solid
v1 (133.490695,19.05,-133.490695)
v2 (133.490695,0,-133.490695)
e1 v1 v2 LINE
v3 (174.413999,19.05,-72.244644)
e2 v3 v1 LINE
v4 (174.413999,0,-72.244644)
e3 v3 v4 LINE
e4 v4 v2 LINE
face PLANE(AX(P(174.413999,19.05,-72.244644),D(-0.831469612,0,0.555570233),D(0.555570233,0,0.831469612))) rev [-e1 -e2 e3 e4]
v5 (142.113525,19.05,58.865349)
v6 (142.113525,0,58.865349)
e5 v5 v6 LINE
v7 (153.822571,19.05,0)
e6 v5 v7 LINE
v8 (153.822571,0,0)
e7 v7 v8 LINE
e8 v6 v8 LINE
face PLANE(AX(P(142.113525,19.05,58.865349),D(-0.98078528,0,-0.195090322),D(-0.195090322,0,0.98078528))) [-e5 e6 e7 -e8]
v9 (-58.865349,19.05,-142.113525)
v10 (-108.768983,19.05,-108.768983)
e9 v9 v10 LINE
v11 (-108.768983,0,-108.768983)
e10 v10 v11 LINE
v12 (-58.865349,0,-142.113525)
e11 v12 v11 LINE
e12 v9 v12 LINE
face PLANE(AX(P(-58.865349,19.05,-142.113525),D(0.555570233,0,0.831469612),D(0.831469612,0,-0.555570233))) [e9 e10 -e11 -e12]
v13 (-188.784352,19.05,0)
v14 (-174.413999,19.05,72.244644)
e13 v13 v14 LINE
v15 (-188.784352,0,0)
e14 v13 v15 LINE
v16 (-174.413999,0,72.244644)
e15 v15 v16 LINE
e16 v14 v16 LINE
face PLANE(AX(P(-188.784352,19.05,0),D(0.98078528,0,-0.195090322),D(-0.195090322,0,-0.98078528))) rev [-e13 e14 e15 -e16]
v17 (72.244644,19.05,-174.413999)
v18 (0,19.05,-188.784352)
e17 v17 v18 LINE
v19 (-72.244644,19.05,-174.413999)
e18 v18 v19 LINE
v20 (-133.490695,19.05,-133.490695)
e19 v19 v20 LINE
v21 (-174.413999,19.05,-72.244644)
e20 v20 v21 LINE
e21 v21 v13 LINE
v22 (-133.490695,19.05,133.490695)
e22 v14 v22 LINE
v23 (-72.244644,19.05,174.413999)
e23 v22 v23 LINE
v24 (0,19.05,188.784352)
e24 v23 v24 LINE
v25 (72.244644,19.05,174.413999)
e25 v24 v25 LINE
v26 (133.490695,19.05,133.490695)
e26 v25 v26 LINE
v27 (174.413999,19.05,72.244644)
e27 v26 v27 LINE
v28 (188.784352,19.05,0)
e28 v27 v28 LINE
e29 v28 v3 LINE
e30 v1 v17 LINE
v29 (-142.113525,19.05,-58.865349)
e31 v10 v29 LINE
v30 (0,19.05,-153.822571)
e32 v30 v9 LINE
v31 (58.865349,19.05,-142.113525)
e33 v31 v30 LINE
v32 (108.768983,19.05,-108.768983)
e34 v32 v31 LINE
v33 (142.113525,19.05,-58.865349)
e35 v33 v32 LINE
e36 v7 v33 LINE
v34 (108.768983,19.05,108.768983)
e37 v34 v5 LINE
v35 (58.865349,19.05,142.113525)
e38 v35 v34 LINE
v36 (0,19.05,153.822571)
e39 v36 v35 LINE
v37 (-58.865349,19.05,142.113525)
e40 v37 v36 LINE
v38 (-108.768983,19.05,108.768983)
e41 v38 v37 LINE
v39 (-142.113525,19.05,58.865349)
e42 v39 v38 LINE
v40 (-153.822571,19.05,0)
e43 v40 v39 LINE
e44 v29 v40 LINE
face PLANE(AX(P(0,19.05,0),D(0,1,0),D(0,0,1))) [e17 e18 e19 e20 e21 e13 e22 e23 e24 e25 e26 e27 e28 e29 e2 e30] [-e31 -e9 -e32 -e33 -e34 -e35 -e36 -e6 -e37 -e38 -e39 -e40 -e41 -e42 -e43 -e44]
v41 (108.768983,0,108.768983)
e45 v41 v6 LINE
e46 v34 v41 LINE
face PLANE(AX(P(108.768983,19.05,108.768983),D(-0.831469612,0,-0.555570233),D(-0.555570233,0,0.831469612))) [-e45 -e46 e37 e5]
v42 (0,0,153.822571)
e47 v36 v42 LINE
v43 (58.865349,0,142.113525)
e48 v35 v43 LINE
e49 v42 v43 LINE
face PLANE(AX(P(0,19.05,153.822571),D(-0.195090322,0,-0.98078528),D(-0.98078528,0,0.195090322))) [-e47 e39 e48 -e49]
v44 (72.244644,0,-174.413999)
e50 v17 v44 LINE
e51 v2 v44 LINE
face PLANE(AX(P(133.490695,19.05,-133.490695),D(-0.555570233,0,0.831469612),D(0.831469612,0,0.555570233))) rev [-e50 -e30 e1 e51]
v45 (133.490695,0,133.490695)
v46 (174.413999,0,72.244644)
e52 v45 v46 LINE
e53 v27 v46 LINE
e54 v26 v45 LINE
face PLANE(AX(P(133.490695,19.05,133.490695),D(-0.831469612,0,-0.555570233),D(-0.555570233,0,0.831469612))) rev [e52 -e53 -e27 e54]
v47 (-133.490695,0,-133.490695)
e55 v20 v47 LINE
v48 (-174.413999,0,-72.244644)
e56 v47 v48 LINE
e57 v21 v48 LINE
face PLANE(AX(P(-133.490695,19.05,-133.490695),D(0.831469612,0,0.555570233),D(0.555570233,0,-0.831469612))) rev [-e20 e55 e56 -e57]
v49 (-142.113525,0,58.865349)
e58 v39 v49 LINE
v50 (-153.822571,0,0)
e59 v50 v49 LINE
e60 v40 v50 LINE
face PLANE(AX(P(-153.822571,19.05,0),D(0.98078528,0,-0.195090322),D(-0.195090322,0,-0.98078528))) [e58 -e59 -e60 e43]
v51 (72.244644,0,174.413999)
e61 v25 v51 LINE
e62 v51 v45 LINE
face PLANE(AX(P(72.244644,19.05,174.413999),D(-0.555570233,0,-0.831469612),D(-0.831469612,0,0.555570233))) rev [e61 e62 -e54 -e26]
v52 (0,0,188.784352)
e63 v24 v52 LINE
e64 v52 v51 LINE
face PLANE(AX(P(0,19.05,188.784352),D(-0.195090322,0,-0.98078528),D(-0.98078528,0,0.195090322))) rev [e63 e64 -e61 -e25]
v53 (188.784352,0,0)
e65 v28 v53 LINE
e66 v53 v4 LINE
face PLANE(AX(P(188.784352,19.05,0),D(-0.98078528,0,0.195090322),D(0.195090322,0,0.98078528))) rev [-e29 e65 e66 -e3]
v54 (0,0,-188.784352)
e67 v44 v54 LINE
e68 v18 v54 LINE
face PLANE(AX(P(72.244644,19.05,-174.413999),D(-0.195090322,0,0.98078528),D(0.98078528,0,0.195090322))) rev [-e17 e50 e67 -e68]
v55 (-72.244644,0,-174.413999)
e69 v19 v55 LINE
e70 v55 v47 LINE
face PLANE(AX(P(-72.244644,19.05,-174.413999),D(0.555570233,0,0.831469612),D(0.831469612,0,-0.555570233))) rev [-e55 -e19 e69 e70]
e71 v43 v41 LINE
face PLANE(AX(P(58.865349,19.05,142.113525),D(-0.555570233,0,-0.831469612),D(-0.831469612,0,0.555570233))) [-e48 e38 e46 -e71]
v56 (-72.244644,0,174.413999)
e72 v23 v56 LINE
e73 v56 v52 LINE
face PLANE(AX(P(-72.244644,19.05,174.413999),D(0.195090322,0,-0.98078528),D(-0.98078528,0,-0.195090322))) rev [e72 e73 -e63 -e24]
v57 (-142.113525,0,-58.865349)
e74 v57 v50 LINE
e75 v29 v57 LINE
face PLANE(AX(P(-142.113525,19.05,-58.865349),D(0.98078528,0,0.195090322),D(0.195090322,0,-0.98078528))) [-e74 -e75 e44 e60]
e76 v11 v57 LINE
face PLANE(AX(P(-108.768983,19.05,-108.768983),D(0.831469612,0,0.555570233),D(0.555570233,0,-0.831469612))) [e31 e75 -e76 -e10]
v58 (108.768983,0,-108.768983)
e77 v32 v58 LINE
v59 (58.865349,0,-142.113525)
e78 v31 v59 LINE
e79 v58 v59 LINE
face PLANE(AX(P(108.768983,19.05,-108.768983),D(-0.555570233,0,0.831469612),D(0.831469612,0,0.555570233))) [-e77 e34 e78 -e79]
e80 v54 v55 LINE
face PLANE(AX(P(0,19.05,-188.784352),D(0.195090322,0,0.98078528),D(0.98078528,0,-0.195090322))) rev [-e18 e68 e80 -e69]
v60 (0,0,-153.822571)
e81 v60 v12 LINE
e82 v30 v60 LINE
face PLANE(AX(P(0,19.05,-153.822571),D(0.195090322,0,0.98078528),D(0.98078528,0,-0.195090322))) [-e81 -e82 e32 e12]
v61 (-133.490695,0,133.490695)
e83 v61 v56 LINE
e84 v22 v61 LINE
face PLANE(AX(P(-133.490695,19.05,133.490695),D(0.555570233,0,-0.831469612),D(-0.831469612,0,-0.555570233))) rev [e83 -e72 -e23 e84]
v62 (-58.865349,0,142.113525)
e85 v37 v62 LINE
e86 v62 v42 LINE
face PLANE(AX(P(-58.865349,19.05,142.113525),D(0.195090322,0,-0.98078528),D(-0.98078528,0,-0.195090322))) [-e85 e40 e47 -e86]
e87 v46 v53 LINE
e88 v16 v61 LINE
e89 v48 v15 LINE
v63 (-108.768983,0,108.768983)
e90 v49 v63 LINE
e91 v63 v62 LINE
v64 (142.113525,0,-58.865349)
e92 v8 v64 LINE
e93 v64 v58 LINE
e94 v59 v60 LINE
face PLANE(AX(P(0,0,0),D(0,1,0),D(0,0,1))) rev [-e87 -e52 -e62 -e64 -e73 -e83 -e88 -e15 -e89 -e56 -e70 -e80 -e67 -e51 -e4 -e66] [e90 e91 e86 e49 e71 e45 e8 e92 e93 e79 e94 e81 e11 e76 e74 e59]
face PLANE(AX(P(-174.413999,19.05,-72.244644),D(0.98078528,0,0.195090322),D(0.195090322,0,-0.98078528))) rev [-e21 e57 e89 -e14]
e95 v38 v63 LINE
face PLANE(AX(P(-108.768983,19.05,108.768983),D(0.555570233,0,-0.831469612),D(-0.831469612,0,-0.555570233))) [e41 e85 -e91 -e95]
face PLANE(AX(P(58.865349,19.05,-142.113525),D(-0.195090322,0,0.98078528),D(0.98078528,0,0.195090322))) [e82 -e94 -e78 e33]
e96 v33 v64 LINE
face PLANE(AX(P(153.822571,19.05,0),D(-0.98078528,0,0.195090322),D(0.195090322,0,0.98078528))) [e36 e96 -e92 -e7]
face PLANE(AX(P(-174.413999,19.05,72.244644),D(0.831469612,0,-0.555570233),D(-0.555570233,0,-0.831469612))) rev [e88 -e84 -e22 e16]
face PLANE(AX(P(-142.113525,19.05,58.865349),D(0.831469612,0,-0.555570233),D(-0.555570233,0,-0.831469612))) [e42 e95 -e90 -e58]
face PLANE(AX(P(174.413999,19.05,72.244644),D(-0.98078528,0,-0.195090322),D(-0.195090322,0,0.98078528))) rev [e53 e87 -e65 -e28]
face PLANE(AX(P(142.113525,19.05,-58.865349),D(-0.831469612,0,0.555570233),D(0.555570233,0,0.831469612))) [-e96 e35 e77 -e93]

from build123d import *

# Parameters (mm, degrees)
BOSS_EXTRUDE1_DEPTH = 19.05


with BuildPart() as part:
    # Sketch1 → Boss-Extrude1 (new body)
    with BuildSketch(Plane(origin=(0, 0, 0), x_dir=(1, 0, 0), z_dir=(0, 1, 0))):
        Polygon((188.784351881, 0), (174.413998761, 72.244643755), (133.490695397, 133.490695397), (72.244643754, 174.413998761), (0, 188.784351881), (-72.244643755, 174.413998761), (-133.490695397, 133.490695397), (-174.413998761, 72.244643754), (-188.784351881, 0), (-174.413998761, -72.244643755), (-133.490695397, -133.490695397), (-72.244643754, -174.413998761), (0, -188.784351881), (72.244643755, -174.413998761), (133.490695397, -133.490695397), (174.413998761, -72.244643755), align=None)
        Polygon((153.822571066, 0), (142.113525046, 58.865349471), (108.7689831, 108.7689831), (58.865349471, 142.113525046), (0, 153.822571066), (-58.865349471, 142.113525046), (-108.7689831, 108.7689831), (-142.113525046, 58.865349471), (-153.822571066, 0), (-142.113525046, -58.865349471), (-108.7689831, -108.7689831), (-58.865349471, -142.113525046), (0, -153.822571066), (58.865349471, -142.113525046), (108.7689831, -108.7689831), (142.113525046, -58.865349471), align=None, mode=Mode.SUBTRACT)
    extrude(amount=BOSS_EXTRUDE1_DEPTH)


solid = part.part
